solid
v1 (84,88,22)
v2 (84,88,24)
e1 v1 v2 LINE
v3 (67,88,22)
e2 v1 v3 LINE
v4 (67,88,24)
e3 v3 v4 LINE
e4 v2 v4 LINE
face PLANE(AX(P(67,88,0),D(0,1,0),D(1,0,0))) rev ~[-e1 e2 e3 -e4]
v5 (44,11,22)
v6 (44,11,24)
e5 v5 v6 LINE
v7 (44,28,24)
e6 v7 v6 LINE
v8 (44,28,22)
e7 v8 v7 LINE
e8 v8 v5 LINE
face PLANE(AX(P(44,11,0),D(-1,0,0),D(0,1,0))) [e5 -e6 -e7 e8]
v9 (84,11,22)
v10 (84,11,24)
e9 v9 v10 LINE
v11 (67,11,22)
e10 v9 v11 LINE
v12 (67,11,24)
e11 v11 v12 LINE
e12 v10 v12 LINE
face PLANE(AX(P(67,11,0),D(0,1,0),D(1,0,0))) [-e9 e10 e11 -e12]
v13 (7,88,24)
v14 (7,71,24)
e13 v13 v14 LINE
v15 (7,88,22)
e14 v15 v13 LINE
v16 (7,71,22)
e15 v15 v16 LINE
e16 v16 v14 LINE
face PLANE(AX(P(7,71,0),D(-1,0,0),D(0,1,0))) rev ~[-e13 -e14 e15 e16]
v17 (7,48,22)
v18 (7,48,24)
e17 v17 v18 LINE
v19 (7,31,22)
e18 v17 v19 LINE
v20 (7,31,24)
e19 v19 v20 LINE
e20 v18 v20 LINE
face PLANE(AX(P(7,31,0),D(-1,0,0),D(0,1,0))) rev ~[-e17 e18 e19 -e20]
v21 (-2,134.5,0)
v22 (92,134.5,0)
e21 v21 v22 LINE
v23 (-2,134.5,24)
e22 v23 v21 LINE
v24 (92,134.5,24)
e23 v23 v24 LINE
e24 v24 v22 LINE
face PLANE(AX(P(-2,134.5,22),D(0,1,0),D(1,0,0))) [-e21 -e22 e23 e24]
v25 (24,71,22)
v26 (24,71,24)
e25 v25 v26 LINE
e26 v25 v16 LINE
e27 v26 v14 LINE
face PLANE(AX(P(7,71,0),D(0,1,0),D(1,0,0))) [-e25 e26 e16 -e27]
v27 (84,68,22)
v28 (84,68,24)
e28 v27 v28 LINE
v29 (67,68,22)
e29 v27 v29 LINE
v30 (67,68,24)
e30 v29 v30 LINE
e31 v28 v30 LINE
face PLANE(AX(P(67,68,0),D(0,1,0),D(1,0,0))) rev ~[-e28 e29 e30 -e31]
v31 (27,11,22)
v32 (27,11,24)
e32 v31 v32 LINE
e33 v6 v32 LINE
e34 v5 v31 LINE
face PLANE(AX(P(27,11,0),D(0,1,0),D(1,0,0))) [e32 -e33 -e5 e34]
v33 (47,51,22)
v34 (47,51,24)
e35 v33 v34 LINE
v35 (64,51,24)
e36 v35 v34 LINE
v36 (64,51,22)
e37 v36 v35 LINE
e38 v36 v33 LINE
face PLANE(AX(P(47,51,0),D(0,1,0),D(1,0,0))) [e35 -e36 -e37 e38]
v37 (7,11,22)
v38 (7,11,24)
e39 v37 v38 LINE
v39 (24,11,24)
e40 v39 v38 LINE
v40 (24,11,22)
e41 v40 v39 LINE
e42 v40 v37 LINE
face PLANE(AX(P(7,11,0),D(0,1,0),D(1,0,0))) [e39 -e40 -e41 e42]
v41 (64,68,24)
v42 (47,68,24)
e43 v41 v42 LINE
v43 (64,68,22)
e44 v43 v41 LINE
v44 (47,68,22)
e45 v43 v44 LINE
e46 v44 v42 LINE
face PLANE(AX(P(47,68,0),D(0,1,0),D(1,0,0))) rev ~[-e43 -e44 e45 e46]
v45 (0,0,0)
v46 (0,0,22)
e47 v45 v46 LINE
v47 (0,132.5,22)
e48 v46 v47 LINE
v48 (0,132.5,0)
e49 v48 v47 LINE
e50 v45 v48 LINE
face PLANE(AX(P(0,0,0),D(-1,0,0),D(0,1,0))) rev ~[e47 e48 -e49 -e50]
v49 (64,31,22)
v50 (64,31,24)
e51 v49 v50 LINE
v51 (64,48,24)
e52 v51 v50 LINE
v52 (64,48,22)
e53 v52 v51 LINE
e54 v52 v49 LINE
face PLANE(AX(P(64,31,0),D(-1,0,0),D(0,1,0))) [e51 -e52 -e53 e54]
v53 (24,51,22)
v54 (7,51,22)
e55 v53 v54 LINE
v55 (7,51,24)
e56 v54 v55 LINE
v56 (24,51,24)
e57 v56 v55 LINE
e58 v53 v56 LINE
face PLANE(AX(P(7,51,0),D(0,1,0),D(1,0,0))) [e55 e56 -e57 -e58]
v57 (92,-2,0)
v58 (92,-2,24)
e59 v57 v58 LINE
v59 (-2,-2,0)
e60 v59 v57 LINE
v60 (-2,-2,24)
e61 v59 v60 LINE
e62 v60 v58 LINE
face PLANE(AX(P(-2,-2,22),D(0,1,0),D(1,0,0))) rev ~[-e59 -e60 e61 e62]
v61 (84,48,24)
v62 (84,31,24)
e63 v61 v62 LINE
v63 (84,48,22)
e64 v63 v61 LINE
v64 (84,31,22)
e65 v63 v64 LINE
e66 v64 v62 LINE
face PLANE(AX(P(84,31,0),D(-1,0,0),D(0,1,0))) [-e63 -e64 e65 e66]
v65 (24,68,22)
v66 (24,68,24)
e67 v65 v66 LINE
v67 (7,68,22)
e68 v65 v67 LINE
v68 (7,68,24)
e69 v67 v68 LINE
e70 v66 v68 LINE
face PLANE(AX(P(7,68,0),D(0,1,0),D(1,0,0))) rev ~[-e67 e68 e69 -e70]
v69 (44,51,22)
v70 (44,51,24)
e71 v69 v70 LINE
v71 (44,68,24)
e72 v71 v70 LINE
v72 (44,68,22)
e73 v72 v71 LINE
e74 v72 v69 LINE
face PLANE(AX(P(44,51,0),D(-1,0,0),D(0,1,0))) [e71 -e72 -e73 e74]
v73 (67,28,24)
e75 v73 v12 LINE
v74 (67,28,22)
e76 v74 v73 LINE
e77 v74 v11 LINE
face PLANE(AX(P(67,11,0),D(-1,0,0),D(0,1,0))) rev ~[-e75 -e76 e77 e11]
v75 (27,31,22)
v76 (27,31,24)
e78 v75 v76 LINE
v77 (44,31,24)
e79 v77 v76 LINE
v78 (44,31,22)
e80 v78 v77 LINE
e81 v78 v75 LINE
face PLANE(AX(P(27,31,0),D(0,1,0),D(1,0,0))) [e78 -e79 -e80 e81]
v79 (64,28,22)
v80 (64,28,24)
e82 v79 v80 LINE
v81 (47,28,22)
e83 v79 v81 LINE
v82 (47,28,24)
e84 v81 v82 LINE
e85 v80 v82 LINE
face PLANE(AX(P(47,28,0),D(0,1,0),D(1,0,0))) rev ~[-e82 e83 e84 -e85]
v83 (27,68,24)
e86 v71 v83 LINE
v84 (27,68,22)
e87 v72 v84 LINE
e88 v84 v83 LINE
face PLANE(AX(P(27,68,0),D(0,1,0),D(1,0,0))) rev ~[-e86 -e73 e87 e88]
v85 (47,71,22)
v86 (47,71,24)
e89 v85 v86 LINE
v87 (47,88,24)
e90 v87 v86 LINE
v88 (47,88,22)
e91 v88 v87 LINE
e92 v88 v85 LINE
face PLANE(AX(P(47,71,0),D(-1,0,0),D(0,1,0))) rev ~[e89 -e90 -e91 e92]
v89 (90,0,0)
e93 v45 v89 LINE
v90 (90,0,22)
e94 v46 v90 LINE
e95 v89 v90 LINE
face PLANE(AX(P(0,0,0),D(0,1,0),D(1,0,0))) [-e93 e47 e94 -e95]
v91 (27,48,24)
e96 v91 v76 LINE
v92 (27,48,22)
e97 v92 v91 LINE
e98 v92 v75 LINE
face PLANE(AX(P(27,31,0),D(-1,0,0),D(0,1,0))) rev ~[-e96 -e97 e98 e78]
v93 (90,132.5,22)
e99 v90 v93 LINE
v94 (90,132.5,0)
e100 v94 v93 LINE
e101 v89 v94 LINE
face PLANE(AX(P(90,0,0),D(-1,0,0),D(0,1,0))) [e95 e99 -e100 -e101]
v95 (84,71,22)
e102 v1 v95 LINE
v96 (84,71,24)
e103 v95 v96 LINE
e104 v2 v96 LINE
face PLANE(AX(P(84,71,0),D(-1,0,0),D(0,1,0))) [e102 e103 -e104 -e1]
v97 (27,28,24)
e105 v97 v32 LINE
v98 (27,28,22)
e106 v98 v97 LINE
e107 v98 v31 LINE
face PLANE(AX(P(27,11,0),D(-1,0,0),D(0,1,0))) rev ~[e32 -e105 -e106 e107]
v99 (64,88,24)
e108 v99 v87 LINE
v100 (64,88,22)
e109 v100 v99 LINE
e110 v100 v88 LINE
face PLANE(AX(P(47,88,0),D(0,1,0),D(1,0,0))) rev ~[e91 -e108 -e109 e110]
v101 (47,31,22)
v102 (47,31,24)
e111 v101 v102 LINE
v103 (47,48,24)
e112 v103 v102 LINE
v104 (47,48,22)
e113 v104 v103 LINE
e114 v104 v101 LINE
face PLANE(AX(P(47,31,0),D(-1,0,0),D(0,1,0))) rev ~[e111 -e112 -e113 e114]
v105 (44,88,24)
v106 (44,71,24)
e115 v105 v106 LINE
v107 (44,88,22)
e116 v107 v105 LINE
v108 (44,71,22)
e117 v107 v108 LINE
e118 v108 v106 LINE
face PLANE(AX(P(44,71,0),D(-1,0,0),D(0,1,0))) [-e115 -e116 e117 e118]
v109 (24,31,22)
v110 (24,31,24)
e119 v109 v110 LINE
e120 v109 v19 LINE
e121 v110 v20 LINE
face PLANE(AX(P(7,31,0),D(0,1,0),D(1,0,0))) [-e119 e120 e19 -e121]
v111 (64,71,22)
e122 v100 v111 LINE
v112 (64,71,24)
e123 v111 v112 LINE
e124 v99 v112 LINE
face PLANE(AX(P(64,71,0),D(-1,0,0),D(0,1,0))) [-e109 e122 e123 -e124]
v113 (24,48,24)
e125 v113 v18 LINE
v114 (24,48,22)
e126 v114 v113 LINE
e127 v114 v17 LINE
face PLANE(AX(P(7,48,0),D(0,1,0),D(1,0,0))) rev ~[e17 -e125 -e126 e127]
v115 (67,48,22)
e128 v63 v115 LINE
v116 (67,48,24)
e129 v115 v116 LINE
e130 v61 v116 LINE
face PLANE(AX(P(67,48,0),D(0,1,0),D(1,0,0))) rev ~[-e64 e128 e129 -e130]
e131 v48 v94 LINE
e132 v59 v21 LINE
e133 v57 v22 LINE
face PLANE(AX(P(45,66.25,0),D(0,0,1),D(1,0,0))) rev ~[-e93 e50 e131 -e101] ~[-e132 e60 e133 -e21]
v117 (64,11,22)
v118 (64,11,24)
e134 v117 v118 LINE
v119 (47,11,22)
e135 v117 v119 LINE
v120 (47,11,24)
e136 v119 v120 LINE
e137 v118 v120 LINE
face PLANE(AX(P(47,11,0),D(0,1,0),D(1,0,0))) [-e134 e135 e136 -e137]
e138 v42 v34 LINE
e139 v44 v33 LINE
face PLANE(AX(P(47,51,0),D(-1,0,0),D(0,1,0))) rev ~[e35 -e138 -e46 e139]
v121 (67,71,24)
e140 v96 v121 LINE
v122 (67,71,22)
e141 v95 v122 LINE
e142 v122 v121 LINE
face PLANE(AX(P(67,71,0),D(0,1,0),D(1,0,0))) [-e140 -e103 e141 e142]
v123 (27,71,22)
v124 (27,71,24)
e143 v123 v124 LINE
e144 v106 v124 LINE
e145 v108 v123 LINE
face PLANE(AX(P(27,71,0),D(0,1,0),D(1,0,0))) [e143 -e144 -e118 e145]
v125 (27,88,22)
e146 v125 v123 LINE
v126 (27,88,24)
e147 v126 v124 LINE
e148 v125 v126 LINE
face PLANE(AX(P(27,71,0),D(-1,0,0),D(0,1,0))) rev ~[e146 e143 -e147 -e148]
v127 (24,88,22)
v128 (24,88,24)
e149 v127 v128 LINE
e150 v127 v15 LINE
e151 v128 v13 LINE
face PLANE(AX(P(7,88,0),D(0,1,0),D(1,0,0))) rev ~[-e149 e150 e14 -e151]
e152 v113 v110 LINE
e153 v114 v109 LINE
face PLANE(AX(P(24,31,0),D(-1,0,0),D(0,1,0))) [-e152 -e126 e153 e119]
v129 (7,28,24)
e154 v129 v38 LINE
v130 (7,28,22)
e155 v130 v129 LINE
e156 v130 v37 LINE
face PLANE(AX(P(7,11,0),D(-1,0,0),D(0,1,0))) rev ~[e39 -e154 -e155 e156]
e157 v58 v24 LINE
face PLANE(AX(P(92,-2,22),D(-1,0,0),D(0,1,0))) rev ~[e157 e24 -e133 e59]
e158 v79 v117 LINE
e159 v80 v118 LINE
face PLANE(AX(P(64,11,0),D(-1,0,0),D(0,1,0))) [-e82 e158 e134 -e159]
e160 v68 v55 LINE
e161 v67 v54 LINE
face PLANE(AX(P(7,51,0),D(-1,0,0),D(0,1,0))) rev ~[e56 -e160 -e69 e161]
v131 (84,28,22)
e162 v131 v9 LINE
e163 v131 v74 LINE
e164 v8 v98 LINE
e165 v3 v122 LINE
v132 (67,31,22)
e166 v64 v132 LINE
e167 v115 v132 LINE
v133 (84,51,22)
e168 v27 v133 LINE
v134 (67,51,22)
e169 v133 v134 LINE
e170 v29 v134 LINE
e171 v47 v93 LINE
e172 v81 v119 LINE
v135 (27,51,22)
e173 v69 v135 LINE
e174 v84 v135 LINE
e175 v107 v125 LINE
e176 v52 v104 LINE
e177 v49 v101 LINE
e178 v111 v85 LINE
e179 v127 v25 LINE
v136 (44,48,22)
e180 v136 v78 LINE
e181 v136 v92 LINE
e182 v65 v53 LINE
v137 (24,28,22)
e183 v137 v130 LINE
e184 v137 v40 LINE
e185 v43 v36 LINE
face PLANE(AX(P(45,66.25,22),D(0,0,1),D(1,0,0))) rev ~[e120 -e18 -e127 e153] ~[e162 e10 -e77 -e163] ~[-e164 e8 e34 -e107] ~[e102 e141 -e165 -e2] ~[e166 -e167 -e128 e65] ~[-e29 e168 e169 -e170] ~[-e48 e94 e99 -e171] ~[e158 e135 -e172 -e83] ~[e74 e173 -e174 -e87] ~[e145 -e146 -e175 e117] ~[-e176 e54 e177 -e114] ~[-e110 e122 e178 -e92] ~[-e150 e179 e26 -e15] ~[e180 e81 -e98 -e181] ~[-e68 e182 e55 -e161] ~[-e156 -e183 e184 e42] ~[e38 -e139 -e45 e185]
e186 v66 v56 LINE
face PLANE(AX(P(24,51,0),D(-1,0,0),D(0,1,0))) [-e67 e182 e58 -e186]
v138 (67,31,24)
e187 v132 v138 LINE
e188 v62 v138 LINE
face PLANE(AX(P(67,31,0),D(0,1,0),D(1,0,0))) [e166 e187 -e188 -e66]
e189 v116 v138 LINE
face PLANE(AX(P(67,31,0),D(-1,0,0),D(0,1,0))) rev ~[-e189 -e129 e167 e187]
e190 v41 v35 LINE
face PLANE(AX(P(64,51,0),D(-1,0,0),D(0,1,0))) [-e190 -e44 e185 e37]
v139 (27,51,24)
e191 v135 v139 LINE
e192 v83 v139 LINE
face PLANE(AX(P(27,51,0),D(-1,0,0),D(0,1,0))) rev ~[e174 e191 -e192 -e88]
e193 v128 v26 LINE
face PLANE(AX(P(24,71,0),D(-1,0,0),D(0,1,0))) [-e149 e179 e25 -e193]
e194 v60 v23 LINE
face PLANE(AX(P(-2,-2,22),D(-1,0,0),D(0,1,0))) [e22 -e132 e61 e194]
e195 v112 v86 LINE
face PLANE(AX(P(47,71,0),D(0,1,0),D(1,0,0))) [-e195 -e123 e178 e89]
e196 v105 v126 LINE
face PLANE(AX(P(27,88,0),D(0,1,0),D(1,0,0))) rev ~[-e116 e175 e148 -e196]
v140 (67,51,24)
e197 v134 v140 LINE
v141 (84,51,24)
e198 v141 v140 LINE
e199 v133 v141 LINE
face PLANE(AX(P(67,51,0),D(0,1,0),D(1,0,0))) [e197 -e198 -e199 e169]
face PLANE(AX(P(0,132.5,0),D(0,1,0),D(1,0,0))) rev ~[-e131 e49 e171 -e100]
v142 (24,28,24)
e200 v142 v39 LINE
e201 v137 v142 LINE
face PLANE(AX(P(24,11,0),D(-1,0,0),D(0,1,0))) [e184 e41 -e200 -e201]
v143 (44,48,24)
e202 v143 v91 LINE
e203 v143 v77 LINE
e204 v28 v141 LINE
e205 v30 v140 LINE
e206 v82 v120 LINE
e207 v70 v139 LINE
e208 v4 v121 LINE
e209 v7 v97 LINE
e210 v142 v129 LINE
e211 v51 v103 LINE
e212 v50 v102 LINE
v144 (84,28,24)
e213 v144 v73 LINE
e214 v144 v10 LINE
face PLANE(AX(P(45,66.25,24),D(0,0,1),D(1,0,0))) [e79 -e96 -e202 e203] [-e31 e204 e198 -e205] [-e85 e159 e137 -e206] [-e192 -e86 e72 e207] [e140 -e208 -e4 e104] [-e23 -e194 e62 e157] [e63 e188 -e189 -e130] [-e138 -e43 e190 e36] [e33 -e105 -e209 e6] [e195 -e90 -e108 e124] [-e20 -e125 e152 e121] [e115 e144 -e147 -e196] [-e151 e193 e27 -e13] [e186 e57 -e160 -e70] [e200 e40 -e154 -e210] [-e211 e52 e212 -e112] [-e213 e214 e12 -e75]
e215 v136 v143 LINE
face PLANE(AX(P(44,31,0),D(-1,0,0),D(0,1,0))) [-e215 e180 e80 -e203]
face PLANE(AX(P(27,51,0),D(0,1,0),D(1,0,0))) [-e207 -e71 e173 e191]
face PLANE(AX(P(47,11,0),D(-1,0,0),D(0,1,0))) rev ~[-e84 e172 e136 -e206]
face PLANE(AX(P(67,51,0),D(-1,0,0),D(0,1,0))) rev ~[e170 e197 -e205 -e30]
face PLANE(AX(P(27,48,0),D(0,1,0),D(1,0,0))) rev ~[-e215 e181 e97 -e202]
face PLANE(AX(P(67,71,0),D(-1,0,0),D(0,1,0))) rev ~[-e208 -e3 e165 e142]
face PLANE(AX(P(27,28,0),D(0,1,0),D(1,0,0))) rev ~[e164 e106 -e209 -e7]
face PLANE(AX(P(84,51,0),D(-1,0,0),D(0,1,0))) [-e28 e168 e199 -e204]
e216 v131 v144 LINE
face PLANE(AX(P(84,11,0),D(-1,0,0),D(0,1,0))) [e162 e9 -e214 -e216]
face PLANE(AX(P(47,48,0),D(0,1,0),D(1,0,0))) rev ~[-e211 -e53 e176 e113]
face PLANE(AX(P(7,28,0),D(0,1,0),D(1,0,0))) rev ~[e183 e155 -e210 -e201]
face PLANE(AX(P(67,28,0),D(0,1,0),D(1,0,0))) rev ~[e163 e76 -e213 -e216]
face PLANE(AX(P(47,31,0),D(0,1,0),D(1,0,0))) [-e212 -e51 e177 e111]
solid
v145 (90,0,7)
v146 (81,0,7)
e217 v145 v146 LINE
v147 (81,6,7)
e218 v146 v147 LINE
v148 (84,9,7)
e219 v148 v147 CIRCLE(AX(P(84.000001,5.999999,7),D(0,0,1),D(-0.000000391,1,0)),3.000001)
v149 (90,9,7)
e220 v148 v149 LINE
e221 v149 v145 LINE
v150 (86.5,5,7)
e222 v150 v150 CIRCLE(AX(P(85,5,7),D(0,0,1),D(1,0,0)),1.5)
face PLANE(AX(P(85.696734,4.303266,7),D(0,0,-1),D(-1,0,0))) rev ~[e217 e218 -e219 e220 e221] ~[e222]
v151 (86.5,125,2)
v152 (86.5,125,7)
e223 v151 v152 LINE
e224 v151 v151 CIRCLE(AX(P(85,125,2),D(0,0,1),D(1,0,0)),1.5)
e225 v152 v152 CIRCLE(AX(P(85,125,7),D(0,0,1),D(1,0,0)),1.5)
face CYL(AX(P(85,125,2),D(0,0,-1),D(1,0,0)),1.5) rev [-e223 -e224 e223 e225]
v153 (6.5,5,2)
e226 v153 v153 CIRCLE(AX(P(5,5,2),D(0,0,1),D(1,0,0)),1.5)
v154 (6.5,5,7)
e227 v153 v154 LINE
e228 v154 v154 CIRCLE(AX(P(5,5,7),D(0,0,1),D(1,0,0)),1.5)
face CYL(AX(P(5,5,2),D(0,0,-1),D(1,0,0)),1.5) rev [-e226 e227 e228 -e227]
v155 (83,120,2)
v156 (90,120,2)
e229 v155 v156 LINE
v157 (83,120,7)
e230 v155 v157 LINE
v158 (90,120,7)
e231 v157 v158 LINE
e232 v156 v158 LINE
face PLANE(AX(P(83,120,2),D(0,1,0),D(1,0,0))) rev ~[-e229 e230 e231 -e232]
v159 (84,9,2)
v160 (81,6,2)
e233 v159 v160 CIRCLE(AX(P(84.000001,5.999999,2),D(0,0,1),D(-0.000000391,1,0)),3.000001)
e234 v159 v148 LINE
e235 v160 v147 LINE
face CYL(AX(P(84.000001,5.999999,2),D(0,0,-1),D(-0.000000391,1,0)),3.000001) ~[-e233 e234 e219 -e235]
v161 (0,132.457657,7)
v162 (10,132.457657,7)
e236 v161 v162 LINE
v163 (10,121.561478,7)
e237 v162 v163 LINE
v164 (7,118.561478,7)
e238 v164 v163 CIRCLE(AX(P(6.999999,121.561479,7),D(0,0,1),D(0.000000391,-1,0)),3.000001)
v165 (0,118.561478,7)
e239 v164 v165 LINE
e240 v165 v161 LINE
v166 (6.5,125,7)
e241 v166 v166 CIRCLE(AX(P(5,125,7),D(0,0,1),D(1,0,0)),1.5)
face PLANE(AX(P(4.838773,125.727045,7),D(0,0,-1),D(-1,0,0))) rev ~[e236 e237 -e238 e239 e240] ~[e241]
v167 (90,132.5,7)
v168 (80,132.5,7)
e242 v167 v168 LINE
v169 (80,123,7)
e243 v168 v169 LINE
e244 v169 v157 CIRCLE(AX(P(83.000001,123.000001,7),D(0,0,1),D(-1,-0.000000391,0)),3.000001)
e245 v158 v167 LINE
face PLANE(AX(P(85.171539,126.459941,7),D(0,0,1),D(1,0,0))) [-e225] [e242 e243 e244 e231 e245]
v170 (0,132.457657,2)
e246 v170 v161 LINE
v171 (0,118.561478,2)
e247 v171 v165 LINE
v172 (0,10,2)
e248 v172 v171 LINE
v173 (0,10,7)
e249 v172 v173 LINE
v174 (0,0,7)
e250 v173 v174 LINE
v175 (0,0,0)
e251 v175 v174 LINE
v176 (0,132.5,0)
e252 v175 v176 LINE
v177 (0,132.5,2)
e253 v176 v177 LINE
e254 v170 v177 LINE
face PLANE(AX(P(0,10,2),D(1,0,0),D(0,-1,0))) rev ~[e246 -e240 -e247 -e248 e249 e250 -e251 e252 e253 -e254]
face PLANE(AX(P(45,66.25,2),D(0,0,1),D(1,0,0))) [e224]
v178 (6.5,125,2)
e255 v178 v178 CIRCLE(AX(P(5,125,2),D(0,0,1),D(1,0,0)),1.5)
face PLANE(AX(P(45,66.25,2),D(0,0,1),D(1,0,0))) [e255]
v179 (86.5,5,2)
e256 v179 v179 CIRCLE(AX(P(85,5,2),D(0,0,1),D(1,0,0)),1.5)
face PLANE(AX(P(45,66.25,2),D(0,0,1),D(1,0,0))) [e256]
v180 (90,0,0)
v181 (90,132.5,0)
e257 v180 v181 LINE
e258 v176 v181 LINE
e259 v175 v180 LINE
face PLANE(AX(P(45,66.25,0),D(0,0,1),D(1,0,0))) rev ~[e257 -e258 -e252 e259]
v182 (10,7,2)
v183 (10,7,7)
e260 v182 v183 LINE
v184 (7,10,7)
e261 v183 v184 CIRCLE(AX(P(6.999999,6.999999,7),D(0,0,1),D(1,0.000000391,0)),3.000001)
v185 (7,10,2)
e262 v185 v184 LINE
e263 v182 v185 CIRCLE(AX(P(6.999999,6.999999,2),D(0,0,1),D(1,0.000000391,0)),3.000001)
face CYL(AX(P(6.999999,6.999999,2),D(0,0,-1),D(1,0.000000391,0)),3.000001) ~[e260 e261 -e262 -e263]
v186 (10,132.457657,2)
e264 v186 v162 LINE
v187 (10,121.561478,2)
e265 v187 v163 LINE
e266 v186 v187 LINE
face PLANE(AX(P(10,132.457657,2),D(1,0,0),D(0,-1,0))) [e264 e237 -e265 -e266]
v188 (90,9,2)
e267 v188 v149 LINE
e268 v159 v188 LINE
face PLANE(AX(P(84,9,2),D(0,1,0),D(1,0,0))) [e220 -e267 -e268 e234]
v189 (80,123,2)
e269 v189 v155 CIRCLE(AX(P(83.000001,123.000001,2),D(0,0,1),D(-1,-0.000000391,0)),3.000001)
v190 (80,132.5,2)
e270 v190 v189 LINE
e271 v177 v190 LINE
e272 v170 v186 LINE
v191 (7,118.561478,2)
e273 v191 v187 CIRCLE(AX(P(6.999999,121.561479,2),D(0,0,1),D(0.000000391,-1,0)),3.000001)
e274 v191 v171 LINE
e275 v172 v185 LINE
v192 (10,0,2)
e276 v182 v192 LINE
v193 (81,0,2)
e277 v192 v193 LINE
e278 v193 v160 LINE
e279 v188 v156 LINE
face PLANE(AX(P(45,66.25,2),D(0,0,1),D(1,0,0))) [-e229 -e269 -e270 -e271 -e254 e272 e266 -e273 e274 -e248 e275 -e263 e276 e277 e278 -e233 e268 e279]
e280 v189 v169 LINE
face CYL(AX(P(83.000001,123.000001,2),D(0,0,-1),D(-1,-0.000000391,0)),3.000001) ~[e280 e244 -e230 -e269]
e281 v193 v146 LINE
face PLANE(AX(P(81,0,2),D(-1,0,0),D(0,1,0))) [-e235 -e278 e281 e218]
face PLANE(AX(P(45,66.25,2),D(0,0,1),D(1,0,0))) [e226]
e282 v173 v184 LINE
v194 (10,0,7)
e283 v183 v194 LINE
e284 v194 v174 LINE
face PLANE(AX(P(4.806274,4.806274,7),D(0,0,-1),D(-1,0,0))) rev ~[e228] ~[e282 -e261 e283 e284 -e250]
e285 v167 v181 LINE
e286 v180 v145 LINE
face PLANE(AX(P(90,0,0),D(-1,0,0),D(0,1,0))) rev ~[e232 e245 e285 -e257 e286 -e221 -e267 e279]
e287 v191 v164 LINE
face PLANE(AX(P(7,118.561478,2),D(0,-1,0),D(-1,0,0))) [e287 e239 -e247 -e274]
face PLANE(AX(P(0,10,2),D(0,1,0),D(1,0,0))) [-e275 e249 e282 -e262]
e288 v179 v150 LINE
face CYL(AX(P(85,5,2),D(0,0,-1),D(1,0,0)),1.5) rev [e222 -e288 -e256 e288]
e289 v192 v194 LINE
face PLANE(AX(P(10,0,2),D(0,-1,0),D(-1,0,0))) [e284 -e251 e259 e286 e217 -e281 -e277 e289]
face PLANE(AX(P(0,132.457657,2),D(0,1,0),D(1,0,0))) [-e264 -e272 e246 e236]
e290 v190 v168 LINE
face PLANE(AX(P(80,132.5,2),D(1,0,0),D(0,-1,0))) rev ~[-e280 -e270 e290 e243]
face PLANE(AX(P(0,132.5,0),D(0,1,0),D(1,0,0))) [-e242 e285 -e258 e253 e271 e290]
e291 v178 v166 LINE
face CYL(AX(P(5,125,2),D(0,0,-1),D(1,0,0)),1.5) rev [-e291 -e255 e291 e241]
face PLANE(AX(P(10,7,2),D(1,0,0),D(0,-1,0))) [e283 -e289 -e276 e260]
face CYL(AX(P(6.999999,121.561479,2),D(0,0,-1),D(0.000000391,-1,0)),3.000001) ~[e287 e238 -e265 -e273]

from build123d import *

# Parameters (mm, degrees)
SKETCH003_W   = 90
SKETCH003_H   = 132.5
PAD_DEPTH     = 2
SKETCH005_R   = 1.5
PAD001_DEPTH  = 5
SKETCH006_W   = 17
SKETCH006_H   = 17
PAD005_DEPTH  = 40
ARRAY_X_COUNT = 4
ARRAY_X_PITCH = 20
ARRAY_Y_COUNT = 4
ARRAY_Y_PITCH = 20
SKETCH_W      = 94
SKETCH_H      = 136.5
SKETCH_W_2    = 90
SKETCH_H_2    = 132.5
PAD004_DEPTH  = 22
SKETCH001_W   = 94
SKETCH001_H   = 136.5
PAD003_DEPTH  = 2
POCKET_DEPTH  = 2


with BuildPart() as base:
    # Sketch003 → Pad (new body)
    with BuildSketch(Plane.XY):
        with Locations((45, 66.25)):
            Rectangle(SKETCH003_W, SKETCH003_H)
    extrude(amount=PAD_DEPTH)


with BuildPart() as fusion:
    # Pad001 base: copy of Base
    add(base.part)

    # Sketch005 → Pad001 (new body)
    with BuildSketch(Plane.XY.offset(2)):
        with BuildLine():
            Line((0, 10), (7, 10))
            ThreePointArc((10, 7), (9.12132, 9.12132), (7, 10))
            Line((10, 7), (10, 0))
            Line((10, 0), (0, 0))
            Line((0, 10), (0, 0))
        make_face()
        with Locations((5, 5)):
            Circle(SKETCH005_R, mode=Mode.SUBTRACT)
        with BuildLine():
            Line((84, 9), (90, 9))
            Line((90, 9), (90, 0))
            Line((90, 0), (81, 0))
            Line((81, 0), (81, 6))
            ThreePointArc((84, 9), (81.87868, 8.12132), (81, 6))
        make_face()
        with Locations((85, 5)):
            Circle(SKETCH005_R, mode=Mode.SUBTRACT)
        with BuildLine():
            Line((83, 120), (90, 120))
            Line((90, 120), (90, 132.5))
            Line((90, 132.5), (80, 132.5))
            Line((80, 132.5), (80, 123))
            ThreePointArc((80, 123), (80.87868, 120.87868), (83, 120))
        make_face()
        with Locations((85, 125)):
            Circle(SKETCH005_R, mode=Mode.SUBTRACT)
        with BuildLine():
            Line((7, 118.561478), (0, 118.561478))
            Line((0, 118.561478), (0, 132.457657))
            Line((0, 132.457657), (10, 132.457657))
            Line((10, 132.457657), (10, 121.561478))
            ThreePointArc((7, 118.561478), (9.12132, 119.440158), (10, 121.561478))
        make_face()
        with Locations((5, 125)):
            Circle(SKETCH005_R, mode=Mode.SUBTRACT)
    extrude(amount=PAD001_DEPTH)

    # Fusion: union Base
    add(base.part)


with BuildPart() as array:
    # Sketch006 → Pad005 (new body)
    with BuildSketch(Plane.XY):
        with Locations((15.5, 19.5)):
            Rectangle(SKETCH006_W, SKETCH006_H)
    extrude(amount=PAD005_DEPTH)

    # Array X: Array ×4


with BuildPart() as array_1:
    add(array.part)
    with Locations(*[(i * ARRAY_X_PITCH, 0, 0) for i in range(1, ARRAY_X_COUNT)]):
        add(array.part)

    # Array Y: Array ×4


with BuildPart() as array_2:
    add(array_1.part)
    with Locations(*[(0, i * ARRAY_Y_PITCH, 0) for i in range(1, ARRAY_Y_COUNT)]):
        add(array_1.part)


with BuildPart() as pad004:
    # Sketch → Pad004 (new body)
    with BuildSketch(Plane.XY):
        with Locations((45, 66.25)):
            Rectangle(SKETCH_W, SKETCH_H)
        with Locations((45, 66.25)):
            Rectangle(SKETCH_W_2, SKETCH_H_2, mode=Mode.SUBTRACT)
    extrude(amount=PAD004_DEPTH)


with BuildPart() as cut:
    # Pad003 base: copy of Pad004
    add(pad004.part)

    # Sketch001 → Pad003 (new body)
    with BuildSketch(Plane.XY.offset(22)):
        with Locations((45, 66.25)):
            Rectangle(SKETCH001_W, SKETCH001_H)
    extrude(amount=PAD003_DEPTH)

    # Fusion001: union Pad004
    add(pad004.part)

    # Cut: cut Array
    add(array_2.part, mode=Mode.SUBTRACT)


with BuildPart() as pocket:
    # Pocket base: copy of Cut
    add(cut.part)

    # Sketch007 → Pocket (cut)
    with BuildSketch(Plane(origin=(0, 134.5, 0), x_dir=(-1, 0, 0), z_dir=(0, 1, 0))):
        with BuildLine():
            ThreePointArc((-48, 13.721389), (-50, 11.721389), (-48, 9.721389))
            Line((-48, 9.721389), (-43, 9.721389))
            ThreePointArc((-43, 9.721389), (-41, 11.721389), (-43, 13.721389))
            Line((-48, 13.721389), (-43, 13.721389))
        make_face()
    extrude(amount=-POCKET_DEPTH, mode=Mode.SUBTRACT)


with BuildPart() as fusion002:
    # Fusion002 base: copy of Cut
    add(cut.part)

    # Fusion002: union Pocket
    add(pocket.part)


solid = Compound([fusion.part, fusion002.part])
